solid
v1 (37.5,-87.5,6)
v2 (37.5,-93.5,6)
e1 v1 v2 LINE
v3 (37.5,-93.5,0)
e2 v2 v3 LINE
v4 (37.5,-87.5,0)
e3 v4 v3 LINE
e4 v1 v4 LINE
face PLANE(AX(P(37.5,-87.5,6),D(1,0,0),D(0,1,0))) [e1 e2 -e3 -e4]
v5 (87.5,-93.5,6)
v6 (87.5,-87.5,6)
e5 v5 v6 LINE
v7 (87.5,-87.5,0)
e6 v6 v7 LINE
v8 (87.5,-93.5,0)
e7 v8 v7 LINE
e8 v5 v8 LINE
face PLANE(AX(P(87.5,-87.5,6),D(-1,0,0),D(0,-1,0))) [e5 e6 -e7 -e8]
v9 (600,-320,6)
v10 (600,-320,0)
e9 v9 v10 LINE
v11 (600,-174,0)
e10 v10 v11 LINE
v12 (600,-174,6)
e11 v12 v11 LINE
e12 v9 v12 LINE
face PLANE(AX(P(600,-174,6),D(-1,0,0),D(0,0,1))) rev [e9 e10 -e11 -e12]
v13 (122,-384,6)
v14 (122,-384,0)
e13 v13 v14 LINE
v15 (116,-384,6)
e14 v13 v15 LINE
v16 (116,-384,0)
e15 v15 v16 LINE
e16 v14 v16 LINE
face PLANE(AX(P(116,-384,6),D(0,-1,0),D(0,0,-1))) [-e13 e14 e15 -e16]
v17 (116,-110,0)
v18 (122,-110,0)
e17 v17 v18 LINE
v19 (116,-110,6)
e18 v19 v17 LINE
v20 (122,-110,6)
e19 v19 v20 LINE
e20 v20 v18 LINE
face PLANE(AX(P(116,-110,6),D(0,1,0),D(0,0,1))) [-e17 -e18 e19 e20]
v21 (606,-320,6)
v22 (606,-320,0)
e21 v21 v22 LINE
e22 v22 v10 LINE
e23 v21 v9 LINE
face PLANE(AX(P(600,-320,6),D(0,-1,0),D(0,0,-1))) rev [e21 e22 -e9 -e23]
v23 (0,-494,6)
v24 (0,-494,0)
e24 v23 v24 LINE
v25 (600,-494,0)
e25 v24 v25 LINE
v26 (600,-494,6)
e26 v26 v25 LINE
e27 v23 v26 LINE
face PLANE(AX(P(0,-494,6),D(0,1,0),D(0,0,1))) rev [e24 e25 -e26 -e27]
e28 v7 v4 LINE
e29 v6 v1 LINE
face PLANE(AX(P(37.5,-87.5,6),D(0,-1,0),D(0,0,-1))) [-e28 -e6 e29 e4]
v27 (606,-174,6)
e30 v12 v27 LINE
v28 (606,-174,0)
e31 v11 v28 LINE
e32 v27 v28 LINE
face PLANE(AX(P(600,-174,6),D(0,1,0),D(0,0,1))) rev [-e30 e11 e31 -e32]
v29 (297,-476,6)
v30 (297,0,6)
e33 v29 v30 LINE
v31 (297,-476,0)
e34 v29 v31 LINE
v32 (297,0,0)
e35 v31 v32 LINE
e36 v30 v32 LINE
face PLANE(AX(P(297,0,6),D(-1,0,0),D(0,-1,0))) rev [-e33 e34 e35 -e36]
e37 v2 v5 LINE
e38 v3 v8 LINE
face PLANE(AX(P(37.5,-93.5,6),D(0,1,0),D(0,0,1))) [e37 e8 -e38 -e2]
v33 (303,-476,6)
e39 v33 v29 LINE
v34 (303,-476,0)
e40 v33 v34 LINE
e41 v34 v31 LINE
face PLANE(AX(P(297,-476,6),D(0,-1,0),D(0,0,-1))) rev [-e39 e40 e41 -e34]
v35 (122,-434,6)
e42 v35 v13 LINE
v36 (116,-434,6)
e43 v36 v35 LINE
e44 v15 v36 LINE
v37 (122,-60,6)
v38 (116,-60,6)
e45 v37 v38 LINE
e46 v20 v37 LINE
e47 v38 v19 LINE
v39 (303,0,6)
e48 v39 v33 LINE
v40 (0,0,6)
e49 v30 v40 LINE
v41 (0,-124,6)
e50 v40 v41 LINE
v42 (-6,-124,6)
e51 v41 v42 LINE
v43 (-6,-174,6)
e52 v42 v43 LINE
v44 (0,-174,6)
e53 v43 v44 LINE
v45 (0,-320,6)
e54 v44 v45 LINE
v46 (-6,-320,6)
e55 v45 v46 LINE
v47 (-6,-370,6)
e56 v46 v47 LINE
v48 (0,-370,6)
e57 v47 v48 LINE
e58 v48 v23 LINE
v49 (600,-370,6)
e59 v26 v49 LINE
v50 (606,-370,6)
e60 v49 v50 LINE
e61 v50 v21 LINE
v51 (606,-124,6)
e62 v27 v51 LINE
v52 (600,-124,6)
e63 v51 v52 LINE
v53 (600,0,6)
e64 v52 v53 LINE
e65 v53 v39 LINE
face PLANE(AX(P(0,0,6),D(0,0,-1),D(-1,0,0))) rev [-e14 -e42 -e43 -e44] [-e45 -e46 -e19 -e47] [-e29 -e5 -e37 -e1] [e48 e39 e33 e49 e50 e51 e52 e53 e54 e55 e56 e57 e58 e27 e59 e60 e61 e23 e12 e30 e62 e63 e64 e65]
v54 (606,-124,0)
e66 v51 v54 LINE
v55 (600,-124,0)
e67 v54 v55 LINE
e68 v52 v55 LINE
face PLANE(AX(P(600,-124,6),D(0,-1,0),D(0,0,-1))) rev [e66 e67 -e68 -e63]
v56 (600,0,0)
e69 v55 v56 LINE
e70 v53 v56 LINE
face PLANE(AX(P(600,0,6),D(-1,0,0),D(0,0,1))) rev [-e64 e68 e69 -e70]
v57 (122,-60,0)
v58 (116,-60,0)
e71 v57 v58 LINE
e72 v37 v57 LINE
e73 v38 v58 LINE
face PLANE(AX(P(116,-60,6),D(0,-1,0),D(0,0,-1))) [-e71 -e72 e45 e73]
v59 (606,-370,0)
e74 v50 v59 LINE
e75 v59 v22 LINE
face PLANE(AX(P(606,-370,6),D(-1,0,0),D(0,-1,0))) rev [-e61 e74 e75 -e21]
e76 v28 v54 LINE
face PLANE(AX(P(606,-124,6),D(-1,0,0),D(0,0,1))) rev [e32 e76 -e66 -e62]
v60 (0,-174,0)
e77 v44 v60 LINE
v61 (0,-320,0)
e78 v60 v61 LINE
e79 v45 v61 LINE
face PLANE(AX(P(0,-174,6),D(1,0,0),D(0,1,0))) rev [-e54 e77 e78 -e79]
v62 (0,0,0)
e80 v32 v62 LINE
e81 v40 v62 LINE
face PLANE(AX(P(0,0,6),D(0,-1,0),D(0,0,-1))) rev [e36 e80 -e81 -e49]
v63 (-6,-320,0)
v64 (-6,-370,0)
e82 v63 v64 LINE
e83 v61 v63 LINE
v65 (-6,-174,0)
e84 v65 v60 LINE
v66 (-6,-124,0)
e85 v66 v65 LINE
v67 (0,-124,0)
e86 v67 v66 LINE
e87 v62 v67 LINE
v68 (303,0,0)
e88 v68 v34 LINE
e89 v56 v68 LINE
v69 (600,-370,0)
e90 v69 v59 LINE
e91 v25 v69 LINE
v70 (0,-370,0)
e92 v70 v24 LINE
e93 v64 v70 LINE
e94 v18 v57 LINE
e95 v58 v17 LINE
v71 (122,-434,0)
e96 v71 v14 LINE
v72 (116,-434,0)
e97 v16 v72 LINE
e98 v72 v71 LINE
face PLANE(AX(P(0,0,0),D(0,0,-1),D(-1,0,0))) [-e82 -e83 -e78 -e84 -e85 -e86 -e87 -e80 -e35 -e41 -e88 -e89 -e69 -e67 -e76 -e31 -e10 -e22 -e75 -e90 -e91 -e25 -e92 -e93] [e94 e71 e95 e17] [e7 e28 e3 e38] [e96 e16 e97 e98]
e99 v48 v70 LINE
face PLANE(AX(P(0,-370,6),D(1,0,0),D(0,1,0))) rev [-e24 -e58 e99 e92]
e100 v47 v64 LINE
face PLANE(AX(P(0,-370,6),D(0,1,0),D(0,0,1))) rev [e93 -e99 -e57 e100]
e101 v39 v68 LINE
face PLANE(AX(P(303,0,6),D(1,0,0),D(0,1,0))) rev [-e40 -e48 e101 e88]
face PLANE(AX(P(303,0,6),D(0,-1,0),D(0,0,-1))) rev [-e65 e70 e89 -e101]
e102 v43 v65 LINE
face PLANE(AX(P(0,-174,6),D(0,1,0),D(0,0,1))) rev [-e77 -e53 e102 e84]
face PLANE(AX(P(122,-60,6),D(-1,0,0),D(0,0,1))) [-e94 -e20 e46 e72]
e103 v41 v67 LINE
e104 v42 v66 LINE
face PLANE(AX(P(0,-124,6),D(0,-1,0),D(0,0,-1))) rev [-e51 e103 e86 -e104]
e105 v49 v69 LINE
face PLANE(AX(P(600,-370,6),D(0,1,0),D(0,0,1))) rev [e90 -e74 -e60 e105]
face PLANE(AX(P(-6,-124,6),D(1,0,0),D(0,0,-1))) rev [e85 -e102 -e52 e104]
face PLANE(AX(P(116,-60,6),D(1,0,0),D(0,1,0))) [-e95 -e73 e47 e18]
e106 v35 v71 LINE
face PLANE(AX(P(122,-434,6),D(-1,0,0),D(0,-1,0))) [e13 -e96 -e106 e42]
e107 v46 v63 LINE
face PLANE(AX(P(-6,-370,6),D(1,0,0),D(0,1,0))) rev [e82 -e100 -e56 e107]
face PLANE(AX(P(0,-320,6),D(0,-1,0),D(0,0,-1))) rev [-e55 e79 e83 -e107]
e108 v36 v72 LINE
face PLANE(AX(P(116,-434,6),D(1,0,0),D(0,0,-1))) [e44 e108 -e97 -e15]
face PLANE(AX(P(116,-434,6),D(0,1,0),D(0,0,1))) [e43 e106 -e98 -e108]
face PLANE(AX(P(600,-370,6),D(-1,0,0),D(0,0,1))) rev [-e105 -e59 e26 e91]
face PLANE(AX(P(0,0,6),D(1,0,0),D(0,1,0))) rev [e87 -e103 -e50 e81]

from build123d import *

# Parameters (mm, degrees)
SKETCH1_W           = 6
SKETCH1_H           = 50
SKETCH1_W_2         = 50
SKETCH1_H_2         = 6
BOSS_EXTRUDE1_DEPTH = 6


with BuildPart() as part:
    # Sketch1 → Boss-Extrude1 (new body)
    with BuildSketch(Plane.XY):
        Polygon((0, 0), (297, 0), (297, -476), (303, -476), (303, 0), (600, 0), (600, -124), (606, -124), (606, -174), (600, -174), (600, -320), (606, -320), (606, -370), (600, -370), (600, -494), (0, -494), (0, -370), (-6, -370), (-6, -320), (0, -320), (0, -174), (-6, -174), (-6, -124), (0, -124), align=None)
        with Locations((119, -409)):
            Rectangle(SKETCH1_W, SKETCH1_H, mode=Mode.SUBTRACT)
        with Locations((119, -85)):
            Rectangle(SKETCH1_W, SKETCH1_H, mode=Mode.SUBTRACT)
        with Locations((62.5, -90.5)):
            Rectangle(SKETCH1_W_2, SKETCH1_H_2, mode=Mode.SUBTRACT)
    extrude(amount=BOSS_EXTRUDE1_DEPTH)


solid = part.part
